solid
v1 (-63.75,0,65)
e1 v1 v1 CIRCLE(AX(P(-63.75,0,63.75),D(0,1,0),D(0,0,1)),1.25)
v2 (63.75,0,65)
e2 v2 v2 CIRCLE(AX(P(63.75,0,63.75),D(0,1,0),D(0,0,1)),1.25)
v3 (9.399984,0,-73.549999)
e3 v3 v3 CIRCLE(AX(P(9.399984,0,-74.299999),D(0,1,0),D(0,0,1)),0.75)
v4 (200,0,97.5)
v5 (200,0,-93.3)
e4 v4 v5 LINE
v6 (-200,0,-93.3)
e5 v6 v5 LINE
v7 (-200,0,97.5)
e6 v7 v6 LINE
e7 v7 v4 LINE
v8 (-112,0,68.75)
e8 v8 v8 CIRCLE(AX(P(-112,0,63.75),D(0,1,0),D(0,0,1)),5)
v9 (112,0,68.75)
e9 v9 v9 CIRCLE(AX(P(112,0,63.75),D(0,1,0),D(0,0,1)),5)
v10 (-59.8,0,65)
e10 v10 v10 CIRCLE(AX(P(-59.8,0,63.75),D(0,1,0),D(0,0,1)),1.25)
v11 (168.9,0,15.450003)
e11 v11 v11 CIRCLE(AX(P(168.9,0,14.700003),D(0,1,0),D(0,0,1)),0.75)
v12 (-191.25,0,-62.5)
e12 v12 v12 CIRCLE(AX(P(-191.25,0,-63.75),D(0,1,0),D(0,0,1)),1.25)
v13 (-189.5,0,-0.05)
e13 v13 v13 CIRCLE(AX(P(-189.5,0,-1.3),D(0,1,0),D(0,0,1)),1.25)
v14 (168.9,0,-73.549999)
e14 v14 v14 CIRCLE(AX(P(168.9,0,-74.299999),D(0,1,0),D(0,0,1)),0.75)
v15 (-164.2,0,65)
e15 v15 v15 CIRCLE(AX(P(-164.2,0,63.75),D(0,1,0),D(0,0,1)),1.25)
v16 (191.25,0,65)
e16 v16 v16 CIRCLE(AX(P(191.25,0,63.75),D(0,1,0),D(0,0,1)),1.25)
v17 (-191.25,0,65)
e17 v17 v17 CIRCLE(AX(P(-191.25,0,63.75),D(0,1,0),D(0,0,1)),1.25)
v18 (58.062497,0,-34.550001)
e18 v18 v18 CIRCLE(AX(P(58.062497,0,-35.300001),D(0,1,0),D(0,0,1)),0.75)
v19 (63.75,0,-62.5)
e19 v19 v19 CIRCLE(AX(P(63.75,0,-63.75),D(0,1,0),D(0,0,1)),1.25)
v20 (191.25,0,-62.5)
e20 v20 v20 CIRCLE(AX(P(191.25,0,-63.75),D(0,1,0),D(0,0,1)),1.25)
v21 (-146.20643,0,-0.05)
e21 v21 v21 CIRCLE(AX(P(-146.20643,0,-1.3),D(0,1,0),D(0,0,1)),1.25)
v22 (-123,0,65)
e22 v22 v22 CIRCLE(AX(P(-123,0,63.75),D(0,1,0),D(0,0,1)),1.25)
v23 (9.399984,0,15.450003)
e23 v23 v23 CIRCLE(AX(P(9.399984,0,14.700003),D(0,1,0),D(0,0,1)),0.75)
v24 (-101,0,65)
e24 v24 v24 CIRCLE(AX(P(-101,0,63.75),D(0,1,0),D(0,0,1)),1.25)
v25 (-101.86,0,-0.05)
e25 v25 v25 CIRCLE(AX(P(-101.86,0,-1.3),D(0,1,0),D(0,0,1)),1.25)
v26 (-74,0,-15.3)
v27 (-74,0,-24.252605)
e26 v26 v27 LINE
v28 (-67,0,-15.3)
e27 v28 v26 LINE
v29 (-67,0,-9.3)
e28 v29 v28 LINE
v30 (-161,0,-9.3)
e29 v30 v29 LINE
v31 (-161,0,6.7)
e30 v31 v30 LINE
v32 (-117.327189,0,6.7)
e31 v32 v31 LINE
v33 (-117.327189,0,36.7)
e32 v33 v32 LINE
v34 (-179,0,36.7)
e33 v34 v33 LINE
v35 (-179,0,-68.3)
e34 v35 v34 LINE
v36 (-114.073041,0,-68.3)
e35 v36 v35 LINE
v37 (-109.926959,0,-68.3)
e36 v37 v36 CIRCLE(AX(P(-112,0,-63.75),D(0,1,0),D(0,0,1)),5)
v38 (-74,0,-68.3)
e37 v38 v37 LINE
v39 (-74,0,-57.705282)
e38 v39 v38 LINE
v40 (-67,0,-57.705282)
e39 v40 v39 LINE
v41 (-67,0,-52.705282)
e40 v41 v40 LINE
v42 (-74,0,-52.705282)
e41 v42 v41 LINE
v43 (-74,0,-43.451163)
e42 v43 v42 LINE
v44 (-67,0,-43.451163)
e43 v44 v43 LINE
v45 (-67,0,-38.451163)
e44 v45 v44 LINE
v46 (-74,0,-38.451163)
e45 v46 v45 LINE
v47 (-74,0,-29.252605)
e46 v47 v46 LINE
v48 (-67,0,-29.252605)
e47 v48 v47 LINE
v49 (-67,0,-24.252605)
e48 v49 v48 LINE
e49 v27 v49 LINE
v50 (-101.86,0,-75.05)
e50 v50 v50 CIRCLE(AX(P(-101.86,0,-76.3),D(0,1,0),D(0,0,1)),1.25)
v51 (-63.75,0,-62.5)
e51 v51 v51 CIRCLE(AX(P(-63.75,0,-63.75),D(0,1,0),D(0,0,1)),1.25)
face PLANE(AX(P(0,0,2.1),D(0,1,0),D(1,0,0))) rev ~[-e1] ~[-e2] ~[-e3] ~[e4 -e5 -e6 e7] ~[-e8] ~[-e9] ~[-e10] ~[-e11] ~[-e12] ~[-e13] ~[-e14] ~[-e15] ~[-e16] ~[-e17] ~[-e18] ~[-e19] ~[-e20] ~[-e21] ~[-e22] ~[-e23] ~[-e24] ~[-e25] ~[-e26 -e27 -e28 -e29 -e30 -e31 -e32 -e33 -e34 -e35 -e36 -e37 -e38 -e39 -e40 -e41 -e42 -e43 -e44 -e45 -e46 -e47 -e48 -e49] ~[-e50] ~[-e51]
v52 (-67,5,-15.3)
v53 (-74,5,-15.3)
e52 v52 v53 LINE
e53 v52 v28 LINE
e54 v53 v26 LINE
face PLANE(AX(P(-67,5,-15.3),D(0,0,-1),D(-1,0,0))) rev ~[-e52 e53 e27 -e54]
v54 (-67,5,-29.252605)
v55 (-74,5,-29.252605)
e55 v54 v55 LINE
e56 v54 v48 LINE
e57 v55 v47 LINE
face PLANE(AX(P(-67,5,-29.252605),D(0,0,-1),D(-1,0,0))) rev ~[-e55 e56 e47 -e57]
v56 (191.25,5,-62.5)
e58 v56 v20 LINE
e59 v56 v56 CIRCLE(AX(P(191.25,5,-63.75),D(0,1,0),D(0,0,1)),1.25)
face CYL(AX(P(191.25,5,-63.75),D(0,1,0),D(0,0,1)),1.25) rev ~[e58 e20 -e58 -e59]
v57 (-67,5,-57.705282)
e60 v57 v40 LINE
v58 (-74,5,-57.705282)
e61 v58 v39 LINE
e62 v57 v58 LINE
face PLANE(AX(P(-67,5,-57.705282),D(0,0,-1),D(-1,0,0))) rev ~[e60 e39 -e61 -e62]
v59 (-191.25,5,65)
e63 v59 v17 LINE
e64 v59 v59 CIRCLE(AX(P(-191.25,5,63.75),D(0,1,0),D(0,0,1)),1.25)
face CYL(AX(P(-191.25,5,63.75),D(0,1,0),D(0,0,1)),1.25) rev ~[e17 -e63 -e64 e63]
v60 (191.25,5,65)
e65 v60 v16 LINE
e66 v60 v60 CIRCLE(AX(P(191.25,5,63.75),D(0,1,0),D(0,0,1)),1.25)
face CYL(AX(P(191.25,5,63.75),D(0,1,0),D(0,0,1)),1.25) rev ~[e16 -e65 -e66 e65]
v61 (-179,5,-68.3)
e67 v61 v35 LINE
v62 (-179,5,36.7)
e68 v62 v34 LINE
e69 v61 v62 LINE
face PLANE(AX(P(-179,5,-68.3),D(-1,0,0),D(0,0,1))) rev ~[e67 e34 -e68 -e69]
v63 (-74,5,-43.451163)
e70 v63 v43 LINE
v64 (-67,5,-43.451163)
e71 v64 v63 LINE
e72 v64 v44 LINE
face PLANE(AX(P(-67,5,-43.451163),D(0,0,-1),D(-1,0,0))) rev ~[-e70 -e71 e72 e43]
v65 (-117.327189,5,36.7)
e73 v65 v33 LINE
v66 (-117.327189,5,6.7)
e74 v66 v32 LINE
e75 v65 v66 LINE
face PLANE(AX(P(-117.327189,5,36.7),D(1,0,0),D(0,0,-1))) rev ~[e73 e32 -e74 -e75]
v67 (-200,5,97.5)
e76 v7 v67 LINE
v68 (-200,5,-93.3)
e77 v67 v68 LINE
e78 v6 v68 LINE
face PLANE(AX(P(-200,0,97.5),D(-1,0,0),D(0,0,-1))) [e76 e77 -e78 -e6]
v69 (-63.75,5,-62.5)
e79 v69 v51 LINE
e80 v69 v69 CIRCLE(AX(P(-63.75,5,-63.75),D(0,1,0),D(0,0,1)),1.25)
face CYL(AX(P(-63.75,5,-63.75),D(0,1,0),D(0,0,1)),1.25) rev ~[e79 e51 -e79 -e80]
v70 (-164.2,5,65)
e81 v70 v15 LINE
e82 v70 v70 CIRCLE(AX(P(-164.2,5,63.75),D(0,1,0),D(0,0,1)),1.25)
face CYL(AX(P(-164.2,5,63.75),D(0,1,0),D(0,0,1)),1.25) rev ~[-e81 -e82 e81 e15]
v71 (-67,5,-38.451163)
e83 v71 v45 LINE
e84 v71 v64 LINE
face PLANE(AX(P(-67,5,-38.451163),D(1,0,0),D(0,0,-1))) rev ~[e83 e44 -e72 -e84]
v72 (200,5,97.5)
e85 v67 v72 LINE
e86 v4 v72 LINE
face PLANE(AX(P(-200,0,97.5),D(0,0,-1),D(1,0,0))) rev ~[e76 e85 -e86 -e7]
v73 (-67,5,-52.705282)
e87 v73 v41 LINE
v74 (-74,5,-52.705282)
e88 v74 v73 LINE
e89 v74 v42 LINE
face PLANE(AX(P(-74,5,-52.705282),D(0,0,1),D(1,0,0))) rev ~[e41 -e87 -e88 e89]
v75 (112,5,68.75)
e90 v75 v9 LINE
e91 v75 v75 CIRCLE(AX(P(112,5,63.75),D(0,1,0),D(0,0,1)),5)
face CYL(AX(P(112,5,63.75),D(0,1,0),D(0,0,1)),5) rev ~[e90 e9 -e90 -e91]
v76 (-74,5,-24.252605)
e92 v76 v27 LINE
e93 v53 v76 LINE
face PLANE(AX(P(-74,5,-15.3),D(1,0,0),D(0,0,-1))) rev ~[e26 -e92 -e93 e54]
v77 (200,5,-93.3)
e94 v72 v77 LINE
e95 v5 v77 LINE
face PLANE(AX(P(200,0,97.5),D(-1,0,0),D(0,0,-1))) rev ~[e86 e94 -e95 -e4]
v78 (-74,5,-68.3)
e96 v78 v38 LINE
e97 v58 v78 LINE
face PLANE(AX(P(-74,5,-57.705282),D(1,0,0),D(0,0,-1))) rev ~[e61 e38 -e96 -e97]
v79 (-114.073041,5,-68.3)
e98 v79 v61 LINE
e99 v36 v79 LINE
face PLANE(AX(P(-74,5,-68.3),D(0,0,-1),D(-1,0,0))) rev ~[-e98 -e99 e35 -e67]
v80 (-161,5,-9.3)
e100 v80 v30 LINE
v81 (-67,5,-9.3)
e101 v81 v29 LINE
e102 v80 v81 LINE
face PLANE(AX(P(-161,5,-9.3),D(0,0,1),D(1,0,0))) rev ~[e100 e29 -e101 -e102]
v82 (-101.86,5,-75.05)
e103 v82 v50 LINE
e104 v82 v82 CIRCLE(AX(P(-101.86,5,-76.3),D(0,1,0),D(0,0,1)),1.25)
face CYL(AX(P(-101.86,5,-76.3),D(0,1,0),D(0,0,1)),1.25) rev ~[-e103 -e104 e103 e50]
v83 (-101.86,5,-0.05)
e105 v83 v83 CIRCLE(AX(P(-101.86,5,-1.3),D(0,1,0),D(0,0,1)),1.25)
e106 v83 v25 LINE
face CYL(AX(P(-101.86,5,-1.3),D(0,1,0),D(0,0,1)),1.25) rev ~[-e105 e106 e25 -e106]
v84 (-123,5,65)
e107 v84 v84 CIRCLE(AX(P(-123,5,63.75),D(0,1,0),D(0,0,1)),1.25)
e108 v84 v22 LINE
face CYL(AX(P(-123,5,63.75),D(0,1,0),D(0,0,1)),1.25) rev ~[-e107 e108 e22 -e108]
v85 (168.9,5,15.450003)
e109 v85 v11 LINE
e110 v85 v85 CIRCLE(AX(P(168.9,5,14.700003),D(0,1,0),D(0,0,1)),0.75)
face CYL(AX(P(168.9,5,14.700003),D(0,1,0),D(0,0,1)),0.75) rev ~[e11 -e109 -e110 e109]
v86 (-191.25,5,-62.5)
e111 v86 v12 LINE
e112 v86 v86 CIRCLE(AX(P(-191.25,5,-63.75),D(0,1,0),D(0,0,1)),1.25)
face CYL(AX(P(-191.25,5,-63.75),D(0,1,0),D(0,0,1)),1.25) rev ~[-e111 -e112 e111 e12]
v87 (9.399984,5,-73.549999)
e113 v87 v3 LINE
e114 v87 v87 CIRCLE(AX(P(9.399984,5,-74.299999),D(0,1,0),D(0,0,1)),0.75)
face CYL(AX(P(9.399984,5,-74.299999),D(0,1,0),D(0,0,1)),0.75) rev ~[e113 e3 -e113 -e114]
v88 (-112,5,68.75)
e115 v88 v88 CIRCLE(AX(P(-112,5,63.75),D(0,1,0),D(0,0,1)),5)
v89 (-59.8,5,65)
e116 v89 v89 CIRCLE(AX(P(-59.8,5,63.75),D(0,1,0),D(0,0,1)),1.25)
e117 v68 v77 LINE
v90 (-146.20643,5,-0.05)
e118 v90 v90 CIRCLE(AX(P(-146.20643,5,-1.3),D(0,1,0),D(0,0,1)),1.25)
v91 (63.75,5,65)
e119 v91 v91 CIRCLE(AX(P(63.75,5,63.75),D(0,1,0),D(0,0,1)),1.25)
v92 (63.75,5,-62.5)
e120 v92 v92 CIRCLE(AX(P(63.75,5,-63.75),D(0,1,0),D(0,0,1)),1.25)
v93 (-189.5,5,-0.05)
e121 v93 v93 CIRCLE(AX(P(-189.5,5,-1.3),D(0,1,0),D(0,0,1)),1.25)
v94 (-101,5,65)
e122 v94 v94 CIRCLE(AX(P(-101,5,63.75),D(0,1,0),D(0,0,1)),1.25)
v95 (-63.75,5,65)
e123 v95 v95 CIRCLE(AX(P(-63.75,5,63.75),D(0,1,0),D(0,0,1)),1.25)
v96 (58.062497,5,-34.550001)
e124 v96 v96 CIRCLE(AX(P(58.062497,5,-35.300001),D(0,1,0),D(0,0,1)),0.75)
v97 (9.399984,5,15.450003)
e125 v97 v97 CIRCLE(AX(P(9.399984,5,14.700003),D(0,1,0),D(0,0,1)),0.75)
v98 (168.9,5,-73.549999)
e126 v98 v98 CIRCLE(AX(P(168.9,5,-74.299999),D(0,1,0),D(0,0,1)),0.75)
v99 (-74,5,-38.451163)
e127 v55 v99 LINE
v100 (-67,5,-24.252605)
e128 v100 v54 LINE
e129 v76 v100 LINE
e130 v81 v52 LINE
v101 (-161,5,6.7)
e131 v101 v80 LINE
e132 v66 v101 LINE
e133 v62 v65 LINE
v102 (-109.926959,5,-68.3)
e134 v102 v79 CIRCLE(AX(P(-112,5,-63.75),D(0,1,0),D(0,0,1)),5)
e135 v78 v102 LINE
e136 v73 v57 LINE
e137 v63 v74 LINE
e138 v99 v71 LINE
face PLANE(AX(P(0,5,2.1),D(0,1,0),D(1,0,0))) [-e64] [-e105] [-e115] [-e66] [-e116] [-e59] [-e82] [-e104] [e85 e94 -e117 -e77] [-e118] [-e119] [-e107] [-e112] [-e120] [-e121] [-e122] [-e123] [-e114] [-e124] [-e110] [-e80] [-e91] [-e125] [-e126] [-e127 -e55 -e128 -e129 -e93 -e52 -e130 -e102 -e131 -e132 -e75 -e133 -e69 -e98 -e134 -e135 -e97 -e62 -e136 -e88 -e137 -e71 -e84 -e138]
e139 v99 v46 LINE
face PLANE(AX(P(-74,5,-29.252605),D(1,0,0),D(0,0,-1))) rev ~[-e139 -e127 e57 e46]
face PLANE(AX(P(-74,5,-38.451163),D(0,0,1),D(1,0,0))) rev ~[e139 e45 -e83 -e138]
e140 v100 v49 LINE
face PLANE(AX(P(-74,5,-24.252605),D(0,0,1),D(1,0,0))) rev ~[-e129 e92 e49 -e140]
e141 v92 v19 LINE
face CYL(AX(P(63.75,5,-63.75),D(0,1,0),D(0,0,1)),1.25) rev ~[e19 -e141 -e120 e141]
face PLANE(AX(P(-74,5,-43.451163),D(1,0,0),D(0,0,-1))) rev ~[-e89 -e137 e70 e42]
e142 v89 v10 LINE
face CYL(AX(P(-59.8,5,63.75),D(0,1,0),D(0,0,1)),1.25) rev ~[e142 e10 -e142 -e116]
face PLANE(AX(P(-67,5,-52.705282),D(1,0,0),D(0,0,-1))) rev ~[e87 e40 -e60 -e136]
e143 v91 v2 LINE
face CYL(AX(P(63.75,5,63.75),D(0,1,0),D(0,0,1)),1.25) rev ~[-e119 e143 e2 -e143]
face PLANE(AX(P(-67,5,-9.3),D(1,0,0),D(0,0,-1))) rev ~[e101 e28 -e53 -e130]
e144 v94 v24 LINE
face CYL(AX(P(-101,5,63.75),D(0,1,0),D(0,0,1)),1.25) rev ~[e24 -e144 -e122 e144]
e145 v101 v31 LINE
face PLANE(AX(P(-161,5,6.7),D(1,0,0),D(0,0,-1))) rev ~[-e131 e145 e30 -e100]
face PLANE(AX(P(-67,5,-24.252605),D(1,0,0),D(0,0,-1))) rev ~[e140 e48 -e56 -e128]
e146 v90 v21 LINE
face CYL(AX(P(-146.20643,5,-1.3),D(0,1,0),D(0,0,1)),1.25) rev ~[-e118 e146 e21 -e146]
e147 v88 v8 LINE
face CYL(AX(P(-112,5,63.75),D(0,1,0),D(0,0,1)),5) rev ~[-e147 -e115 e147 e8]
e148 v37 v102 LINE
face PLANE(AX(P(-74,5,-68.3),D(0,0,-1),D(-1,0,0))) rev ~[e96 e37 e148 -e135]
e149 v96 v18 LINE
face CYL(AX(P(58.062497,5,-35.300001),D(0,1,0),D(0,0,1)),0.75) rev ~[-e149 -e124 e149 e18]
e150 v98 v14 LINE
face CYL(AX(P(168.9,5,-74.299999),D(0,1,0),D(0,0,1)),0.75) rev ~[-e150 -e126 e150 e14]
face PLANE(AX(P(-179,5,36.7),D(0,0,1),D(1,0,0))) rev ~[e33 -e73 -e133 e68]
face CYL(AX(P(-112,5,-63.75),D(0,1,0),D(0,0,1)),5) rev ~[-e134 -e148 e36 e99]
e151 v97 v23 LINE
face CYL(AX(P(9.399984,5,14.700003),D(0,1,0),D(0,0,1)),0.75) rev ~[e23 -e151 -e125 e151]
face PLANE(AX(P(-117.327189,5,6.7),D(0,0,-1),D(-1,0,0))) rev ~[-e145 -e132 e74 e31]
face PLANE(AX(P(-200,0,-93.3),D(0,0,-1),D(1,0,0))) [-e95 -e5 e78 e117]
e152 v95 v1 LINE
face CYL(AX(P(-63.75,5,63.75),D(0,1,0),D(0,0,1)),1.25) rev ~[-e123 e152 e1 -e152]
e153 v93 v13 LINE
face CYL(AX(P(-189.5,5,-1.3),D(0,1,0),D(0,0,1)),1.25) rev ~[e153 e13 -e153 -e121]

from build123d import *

# Parameters (mm, degrees)
SKETCH2_W           = 400
SKETCH2_H           = 190.8
BOSS_EXTRUDE1_DEPTH = 5
SKETCH3_R           = 5
CUT_EXTRUDE1_DEPTH  = 223.556172685
SKETCH4_R           = 1.25
CUT_EXTRUDE2_DEPTH  = 223.556172685
CUT_EXTRUDE3_DEPTH  = 223.556172685
SKETCH7_R           = 0.75
CUT_EXTRUDE4_DEPTH  = 223.556172685
SKETCH8_R           = 1.25
CUT_EXTRUDE5_DEPTH  = 10
SKETCH9_R           = 1.25
CUT_EXTRUDE6_DEPTH  = 223.556172685


with BuildPart() as part:
    # Sketch2 → Boss-Extrude1 (new body)
    with BuildSketch(Plane(origin=(0, 0, 0), x_dir=(1, 0, 0), z_dir=(0, 1, 0))):
        with Locations((0, -2.1)):
            Rectangle(SKETCH2_W, SKETCH2_H)
    extrude(amount=BOSS_EXTRUDE1_DEPTH)

    # Sketch3 → Cut-Extrude1 (cut, through all)
    with BuildSketch(Plane(origin=(0, 5, 0), x_dir=(1, 0, 0), z_dir=(0, 1, 0))):
        with Locations(Location((-112, 63.75, 0), (0, 0, 270))):
            Circle(SKETCH3_R)
        with Locations(Location((112, -63.75, 0), (0, 0, 270))):
            Circle(SKETCH3_R)
        with Locations(Location((-112, -63.75, 0), (0, 0, 270))):
            Circle(SKETCH3_R)
    extrude(amount=-CUT_EXTRUDE1_DEPTH, mode=Mode.SUBTRACT)

    # Sketch4 → Cut-Extrude2 (cut, through all)
    with BuildSketch(Plane(origin=(0, 5, 0), x_dir=(1, 0, 0), z_dir=(0, 1, 0))):
        with Locations(Location((-191.25, 63.75, 0), (0, 0, 270))):
            Circle(SKETCH4_R)
        with Locations(Location((-63.75, 63.75, 0), (0, 0, 270))):
            Circle(SKETCH4_R)
        with Locations(Location((63.75, 63.75, 0), (0, 0, 270))):
            Circle(SKETCH4_R)
        with Locations(Location((191.25, 63.75, 0), (0, 0, 270))):
            Circle(SKETCH4_R)
        with Locations(Location((191.25, -63.75, 0), (0, 0, 270))):
            Circle(SKETCH4_R)
        with Locations(Location((63.75, -63.75, 0), (0, 0, 270))):
            Circle(SKETCH4_R)
        with Locations(Location((-63.75, -63.75, 0), (0, 0, 270))):
            Circle(SKETCH4_R)
        with Locations(Location((-191.25, -63.75, 0), (0, 0, 270))):
            Circle(SKETCH4_R)
    extrude(amount=-CUT_EXTRUDE2_DEPTH, mode=Mode.SUBTRACT)

    # Sketch5 → Cut-Extrude3 (cut, through all)
    with BuildSketch(Plane(origin=(0, 5, 0), x_dir=(1, 0, 0), z_dir=(0, 1, 0))):
        Polygon((-179, 68.3), (-179, -36.7), (-117.327189105, -36.7), (-117.327189105, -6.7), (-161, -6.7), (-161, 9.3), (-67, 9.3), (-67, 15.3), (-74, 15.3), (-74, 24.252605128), (-67, 24.252605128), (-67, 29.252605128), (-74, 29.252605128), (-74, 38.451162805), (-67, 38.451162805), (-67, 43.451162805), (-74, 43.451162805), (-74, 52.70528249), (-67, 52.70528249), (-67, 57.70528249), (-74, 57.70528249), (-74, 68.3), (-76.383096774, 68.3), align=None)
    extrude(amount=-CUT_EXTRUDE3_DEPTH, mode=Mode.SUBTRACT)

    # Sketch7 → Cut-Extrude4 (cut, through all)
    with BuildSketch(Plane(origin=(0, 5, 0), x_dir=(1, 0, 0), z_dir=(0, 1, 0))):
        with Locations(Location((9.399984, 74.29999922, 0), (0, 0, 270))):
            Circle(SKETCH7_R)
        with Locations(Location((58.062496917, 35.300001471, 0), (0, 0, 270))):
            Circle(SKETCH7_R)
        with Locations(Location((168.9, 74.29999922, 0), (0, 0, 270))):
            Circle(SKETCH7_R)
        with Locations(Location((168.9, -14.70000278, 0), (0, 0, 270))):
            Circle(SKETCH7_R)
        with Locations(Location((9.399984, -14.70000278, 0), (0, 0, 270))):
            Circle(SKETCH7_R)
    extrude(amount=-CUT_EXTRUDE4_DEPTH, mode=Mode.SUBTRACT)

    # Sketch8 → Cut-Extrude5 (cut)
    with BuildSketch(Plane(origin=(0, 5, 0), x_dir=(1, 0, 0), z_dir=(0, 1, 0))):
        with Locations(Location((-164.2, -63.75, 0), (0, 0, 270))):
            Circle(SKETCH8_R)
        with Locations(Location((-123, -63.75, 0), (0, 0, 270))):
            Circle(SKETCH8_R)
        with Locations(Location((-101, -63.75, 0), (0, 0, 270))):
            Circle(SKETCH8_R)
        with Locations(Location((-59.8, -63.75, 0), (0, 0, 270))):
            Circle(SKETCH8_R)
    extrude(amount=-CUT_EXTRUDE5_DEPTH, mode=Mode.SUBTRACT)

    # Sketch9 → Cut-Extrude6 (cut, through all)
    with BuildSketch(Plane(origin=(0, 5, 0), x_dir=(1, 0, 0), z_dir=(0, 1, 0))):
        with Locations(Location((-189.5, 1.3, 0), (0, 0, 270))):
            Circle(SKETCH9_R)
        with Locations(Location((-146.206430225, 1.3, 0), (0, 0, 270))):
            Circle(SKETCH9_R)
        with Locations(Location((-101.86, 76.3, 0), (0, 0, 270))):
            Circle(SKETCH9_R)
        with Locations(Location((-101.86, 1.3, 0), (0, 0, 270))):
            Circle(SKETCH9_R)
    extrude(amount=-CUT_EXTRUDE6_DEPTH, mode=Mode.SUBTRACT)


solid = part.part
